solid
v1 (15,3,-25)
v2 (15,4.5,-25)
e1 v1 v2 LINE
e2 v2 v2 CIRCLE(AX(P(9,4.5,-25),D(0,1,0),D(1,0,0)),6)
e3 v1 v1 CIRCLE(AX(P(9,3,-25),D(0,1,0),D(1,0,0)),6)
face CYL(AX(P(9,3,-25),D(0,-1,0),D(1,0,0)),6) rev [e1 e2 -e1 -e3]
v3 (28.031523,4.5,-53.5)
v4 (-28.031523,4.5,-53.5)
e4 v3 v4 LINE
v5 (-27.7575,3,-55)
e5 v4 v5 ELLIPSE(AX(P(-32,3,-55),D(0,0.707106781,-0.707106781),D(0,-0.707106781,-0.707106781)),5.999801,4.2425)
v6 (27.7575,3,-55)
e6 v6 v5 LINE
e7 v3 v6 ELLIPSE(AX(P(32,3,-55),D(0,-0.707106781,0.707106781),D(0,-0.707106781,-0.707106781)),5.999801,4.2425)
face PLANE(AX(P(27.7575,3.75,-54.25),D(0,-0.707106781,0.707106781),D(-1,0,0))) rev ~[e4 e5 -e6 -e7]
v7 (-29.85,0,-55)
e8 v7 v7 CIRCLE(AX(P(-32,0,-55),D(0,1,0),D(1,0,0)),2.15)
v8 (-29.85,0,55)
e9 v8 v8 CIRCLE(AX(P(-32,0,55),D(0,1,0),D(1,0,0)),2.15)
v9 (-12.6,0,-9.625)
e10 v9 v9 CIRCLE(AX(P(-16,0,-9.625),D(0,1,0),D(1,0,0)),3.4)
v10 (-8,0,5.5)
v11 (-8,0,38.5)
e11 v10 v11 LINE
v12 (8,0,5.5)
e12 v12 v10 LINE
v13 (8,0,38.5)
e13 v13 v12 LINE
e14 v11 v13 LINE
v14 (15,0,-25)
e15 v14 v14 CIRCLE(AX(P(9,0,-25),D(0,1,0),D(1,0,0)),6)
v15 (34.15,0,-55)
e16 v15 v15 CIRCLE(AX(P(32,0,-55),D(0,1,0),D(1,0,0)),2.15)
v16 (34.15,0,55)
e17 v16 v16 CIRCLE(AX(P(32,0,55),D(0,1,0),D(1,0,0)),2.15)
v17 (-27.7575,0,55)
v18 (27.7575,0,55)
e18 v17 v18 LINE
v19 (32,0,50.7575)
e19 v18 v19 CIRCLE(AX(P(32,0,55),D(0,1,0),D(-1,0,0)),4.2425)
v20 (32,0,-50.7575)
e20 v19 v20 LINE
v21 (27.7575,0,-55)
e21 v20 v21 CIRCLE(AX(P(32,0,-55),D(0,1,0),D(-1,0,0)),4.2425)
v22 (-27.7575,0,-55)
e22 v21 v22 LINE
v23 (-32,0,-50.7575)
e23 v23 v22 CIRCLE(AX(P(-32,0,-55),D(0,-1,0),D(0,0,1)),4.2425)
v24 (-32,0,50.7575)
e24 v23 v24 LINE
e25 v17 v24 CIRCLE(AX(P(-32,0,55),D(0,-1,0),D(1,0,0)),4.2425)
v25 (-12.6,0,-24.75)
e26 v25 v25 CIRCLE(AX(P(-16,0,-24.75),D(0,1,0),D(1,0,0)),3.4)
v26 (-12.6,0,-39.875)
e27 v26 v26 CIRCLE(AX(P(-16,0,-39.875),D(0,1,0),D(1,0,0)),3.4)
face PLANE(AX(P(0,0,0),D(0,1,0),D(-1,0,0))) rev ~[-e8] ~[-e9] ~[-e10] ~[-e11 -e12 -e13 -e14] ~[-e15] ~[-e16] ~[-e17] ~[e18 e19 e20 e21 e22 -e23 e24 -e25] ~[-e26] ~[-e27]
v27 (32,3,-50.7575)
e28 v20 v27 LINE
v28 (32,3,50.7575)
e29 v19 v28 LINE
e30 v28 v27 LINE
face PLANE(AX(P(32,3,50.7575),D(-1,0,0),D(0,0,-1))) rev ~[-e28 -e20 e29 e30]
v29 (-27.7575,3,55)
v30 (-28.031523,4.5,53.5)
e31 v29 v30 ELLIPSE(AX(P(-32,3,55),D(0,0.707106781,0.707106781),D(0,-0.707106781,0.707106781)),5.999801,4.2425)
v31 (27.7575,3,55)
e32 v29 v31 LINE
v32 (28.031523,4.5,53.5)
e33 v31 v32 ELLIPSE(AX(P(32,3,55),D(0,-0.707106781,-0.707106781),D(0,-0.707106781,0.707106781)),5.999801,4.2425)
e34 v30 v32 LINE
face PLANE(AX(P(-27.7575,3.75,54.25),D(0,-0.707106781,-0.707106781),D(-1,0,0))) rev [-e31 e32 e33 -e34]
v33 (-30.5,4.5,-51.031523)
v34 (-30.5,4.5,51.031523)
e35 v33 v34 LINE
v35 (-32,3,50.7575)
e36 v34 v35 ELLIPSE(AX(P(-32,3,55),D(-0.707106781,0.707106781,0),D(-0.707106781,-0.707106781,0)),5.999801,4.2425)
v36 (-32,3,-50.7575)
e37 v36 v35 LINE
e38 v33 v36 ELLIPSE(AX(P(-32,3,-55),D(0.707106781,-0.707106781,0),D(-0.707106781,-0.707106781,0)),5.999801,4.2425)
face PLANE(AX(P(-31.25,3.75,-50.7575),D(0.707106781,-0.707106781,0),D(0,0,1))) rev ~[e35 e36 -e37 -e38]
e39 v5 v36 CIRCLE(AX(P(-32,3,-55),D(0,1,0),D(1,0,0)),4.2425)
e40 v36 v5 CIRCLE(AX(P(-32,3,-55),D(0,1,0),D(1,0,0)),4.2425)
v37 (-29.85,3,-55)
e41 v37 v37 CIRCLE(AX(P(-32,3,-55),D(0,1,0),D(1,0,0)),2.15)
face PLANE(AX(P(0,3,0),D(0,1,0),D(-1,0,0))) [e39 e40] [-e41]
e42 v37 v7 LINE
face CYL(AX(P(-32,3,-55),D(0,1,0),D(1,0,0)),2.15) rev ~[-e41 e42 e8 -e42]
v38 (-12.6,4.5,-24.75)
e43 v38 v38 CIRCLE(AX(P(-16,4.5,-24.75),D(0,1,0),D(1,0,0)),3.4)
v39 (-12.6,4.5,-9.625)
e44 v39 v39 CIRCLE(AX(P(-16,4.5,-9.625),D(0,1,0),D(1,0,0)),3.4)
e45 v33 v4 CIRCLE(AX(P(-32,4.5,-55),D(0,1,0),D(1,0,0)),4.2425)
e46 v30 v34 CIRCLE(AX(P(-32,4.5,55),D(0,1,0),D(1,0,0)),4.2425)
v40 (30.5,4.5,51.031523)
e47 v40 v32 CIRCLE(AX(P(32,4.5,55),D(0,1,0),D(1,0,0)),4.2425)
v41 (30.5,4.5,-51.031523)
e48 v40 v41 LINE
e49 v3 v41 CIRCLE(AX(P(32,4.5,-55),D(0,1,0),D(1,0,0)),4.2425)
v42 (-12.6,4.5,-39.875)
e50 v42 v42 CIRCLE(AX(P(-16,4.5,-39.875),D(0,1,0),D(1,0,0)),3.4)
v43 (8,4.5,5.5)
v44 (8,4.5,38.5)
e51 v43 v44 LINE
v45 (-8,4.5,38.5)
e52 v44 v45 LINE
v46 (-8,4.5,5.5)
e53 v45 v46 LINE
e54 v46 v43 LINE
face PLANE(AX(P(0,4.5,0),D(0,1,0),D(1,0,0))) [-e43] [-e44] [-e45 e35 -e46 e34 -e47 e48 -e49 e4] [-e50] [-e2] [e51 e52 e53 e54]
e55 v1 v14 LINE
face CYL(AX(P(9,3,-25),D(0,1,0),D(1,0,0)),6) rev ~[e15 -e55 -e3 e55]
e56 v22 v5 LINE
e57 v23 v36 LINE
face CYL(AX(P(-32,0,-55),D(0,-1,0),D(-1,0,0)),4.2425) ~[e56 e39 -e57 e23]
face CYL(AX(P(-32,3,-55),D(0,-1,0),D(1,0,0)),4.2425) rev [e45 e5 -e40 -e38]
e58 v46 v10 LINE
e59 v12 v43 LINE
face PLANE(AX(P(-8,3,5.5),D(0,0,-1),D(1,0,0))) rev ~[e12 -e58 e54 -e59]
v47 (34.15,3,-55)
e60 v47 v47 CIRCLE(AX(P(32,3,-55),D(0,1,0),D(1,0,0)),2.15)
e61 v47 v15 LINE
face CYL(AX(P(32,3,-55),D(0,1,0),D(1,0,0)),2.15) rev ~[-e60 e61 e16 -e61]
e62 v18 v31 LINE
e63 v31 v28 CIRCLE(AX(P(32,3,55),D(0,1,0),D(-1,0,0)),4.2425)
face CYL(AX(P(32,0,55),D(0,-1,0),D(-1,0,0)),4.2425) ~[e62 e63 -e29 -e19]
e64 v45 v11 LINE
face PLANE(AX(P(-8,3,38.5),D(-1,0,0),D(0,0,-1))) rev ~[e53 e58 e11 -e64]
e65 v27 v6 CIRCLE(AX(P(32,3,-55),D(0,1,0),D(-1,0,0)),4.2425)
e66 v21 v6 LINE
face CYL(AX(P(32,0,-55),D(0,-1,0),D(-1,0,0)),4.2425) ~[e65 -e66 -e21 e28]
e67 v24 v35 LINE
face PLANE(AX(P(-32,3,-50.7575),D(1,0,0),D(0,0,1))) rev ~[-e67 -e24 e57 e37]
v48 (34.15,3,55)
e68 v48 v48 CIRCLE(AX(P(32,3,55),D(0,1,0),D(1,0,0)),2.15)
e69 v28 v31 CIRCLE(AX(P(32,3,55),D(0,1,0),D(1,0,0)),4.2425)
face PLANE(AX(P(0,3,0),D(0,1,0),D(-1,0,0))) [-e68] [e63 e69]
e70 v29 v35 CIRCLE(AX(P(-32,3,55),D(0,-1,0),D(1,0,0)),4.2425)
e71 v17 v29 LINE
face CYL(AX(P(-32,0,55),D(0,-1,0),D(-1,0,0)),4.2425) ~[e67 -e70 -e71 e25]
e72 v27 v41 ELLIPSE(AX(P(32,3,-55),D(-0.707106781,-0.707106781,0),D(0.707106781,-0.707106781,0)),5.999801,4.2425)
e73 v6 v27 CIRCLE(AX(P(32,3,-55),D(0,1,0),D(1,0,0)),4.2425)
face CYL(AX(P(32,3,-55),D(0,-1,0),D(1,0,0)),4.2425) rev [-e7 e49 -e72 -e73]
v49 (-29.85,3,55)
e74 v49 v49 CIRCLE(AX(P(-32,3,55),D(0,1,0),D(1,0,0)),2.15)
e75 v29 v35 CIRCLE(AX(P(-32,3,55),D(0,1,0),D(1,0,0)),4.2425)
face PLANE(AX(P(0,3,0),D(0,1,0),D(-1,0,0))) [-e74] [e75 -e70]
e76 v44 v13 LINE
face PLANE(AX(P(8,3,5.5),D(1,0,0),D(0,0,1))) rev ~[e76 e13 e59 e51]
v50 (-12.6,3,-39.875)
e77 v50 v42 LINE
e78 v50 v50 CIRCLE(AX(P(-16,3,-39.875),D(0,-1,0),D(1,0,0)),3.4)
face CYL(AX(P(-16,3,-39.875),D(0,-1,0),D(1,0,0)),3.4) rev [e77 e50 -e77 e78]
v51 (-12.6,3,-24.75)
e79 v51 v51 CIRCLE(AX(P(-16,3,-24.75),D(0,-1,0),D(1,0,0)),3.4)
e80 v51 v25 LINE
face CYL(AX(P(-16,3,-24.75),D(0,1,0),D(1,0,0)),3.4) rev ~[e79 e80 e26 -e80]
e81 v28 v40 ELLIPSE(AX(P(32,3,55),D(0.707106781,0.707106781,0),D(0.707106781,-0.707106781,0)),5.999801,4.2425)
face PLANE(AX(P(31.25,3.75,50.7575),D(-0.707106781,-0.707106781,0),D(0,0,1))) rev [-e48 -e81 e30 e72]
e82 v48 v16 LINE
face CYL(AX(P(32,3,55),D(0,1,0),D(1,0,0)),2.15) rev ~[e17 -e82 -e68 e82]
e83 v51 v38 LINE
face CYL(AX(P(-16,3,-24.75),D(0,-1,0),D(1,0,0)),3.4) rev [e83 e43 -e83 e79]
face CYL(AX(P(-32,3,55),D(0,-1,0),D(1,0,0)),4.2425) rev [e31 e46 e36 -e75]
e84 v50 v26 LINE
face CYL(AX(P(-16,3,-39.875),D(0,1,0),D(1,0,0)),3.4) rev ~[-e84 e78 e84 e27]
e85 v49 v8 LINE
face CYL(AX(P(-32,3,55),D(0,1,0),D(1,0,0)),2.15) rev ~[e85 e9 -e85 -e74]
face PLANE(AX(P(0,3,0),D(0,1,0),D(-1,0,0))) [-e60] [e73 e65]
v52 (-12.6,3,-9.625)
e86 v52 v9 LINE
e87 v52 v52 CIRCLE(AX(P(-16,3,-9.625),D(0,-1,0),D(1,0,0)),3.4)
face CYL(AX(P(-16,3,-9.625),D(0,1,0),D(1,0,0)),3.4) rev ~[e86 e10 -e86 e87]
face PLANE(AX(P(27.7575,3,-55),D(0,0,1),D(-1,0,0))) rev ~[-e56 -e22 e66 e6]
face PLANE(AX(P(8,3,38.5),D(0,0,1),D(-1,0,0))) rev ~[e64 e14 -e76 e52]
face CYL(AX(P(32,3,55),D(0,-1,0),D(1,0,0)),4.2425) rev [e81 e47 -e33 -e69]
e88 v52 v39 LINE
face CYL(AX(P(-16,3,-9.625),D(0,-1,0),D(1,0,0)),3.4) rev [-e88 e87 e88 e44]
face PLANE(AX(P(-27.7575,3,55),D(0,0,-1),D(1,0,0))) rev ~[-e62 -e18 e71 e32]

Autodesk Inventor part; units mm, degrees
ref_plane "YZ Plane" through (0, 0, 0) normal (1, 0, 0) x (0, 1, 0)
ref_plane "XZ Plane" through (0, 0, 0) normal (0, 1, 0) x (-1, 0, 0)
ref_plane "XY Plane" through (0, 0, 0) normal (0, 0, 1) x (1, 0, 0)
sketch "Sketch1" plane through (0, 0, 0) normal (0, 1, 0) x (-1, 0, 0)
  line L0 (32, 55) -> (-32, 55)
  line L1 (-32, 55) -> (-32, -55)
  line L2 (-32, -55) -> (32, -55)
  line L3 (32, -55) -> (32, 55)
  line L4 (32, 55) -> (-32, -55) construction
  line L5 (-32, 55) -> (32, -55) construction
  circle A0 centre (32, 55) radius 4.2425
  circle A1 centre (32, -55) radius 4.2425
  circle A2 centre (-32, 55) radius 4.2425
  circle A3 centre (-32, -55) radius 4.2425
  point P0 (0, 0)
  dimension "d0" = 64
  dimension "d1" = 110
  dimension "d2" = 8.485
  dimension "d5" = 110
  dimension "d8" = 64
extrude "Extrusion1" add sketch "Sketch1" along normal blind 3
sketch "Sketch2" plane through (0, 3, 0) normal (0, 1, 0) x (1, 0, 0)
  line L0 (32, -50.7575) -> (32, 50.7575) projected
  arc A0 (32, 50.7575) -> (27.7575, 55) centre (32, 55) ccw projected
  line L1 (27.7575, 55) -> (-27.7575, 55) projected
  arc A1 (-27.7575, 55) -> (-32, 50.7575) centre (-32, 55) ccw projected
  line L2 (-32, 50.7575) -> (-32, -50.7575) projected
  arc A2 (-32, -50.7575) -> (-27.7575, -55) centre (-32, -55) ccw projected
  line L3 (-27.7575, -55) -> (27.7575, -55) projected
  arc A3 (27.7575, -55) -> (32, -50.7575) centre (32, -55) ccw projected
  circle A4 centre (-32, -55) radius 2.15
  circle A5 centre (-32, 55) radius 2.15
  circle A6 centre (32, -55) radius 2.15
  circle A7 centre (32, 55) radius 2.15
  point P0 (0, 0)
  dimension "d13" = 4.3
  dimension "d16" = 110
  dimension "d19" = 64
extrude "Extrusion2" cut sketch "Sketch2" against normal blind 3 contours A4 | A5 | A6 | A7
sketch "Sketch3" plane through (0, 3, 0) normal (0, 1, 0) x (1, 0, 0)
  line L0 (-8, -38.5) -> (8, -38.5)
  line L1 (8, -38.5) -> (8, -5.5)
  line L2 (8, -5.5) -> (-8, -5.5)
  line L3 (-8, -5.5) -> (-8, -38.5)
  line L4 (-32, 50.7575) -> (-32, -50.7575) projected
  line L5 (32, -50.7575) -> (32, 50.7575) projected
  line L6 (-27.7575, -55) -> (27.7575, -55) projected
  point P0 (0, 0)
  dimension "d24" = 16
  dimension "d25" = 33
  dimension "d26" = 24
  dimension "d27" = 24
  dimension "d28" = 16.5
extrude "Extrusion3" cut sketch "Sketch3" against normal blind 3
sketch "Sketch4" plane through (0, 3, 0) normal (0, 1, 0) x (1, 0, 0)
  circle A0 centre (-16, 9.625) radius 3.4
  line L0 (0, 82.9395) -> (0, -82.9395) projected
  circle A1 centre (-16, 24.75) radius 3.4
  circle A2 centre (-16, 39.875) radius 3.4
  line L1 (27.7575, 55) -> (-27.7575, 55) projected
  line L2 (-8, -5.5) -> (8, -5.5) projected
  line L3 (-16, 0) -> (-16, 55)
  circle A3 centre (9, 25) radius 6
  line L4 (32, -50.7575) -> (32, 50.7575) projected
  point P0 (0, 0)
  dimension "d31" = 6.8
  dimension "d32" = 6.8
  dimension "d33" = 6.8
  dimension "d34" = 15.125
  dimension "d35" = 15.125
  dimension "d36" = 15.125
  dimension "d37" = 15.125
  dimension "d53" = 16
  dimension "d54" = 55
  dimension "d55" = 12
  dimension "d56" = 23
  dimension "d64" = 30
extrude "Extrusion4" cut sketch "Sketch4" against normal blind 6
sketch "Sketch5" plane through (0, 3, 0) normal (0, 1, 0) x (1, 0, 0)
  circle A0 centre (-16, 24.75) radius 3.4 projected
  circle A1 centre (-16, 9.625) radius 3.4 projected
  circle A2 centre (-16, 39.875) radius 3.4 projected
  line L0 (8, -5.5) -> (8, -38.5) projected
  line L1 (8, -38.5) -> (-8, -38.5) projected
  line L2 (-8, -38.5) -> (-8, -5.5) projected
  line L3 (-8, -5.5) -> (8, -5.5) projected
  circle A3 centre (32, -55) radius 2.15 projected
  circle A4 centre (-32, -55) radius 2.15 projected
  circle A5 centre (-32, 55) radius 2.15 projected
  circle A6 centre (32, 55) radius 2.15 projected
  line L4 (32, -50.7575) -> (32, 50.7575) projected
  arc A7 (32, 50.7575) -> (27.7575, 55) centre (32, 55) ccw projected
  line L5 (27.7575, 55) -> (-27.7575, 55) projected
  arc A8 (-27.7575, 55) -> (-32, 50.7575) centre (-32, 55) ccw projected
  line L6 (-32, 50.7575) -> (-32, -50.7575) projected
  arc A9 (-32, -50.7575) -> (-27.7575, -55) centre (-32, -55) ccw projected
  line L7 (-27.7575, -55) -> (27.7575, -55) projected
  arc A10 (27.7575, -55) -> (32, -50.7575) centre (32, -55) ccw projected
  circle A11 centre (-32, -55) radius 2.15 projected
  circle A12 centre (-32, -55) radius 4.2425
  circle A13 centre (-32, 55) radius 4.2425
  circle A14 centre (32, -55) radius 4.2425
  circle A15 centre (32, 55) radius 4.2425
  line L8 (-32, -50.7575) -> (-32, 50.7575)
  line L9 (-27.7575, 55) -> (27.7575, 55)
  line L10 (32, -50.7575) -> (32, 50.7575) projected
  line L11 (32, 50.7575) -> (32, -50.7575)
  line L12 (-27.7575, -55) -> (27.7575, -55) projected
  line L13 (27.7575, -55) -> (-27.7575, -55)
  circle A16 centre (-16, 39.875) radius 3.4 projected
  circle A17 centre (-16, 9.625) radius 3.4 projected
  circle A18 centre (-16, 24.75) radius 3.4 projected
  circle A19 centre (9, 25) radius 6 projected
  line L14 (8, -38.5) -> (8, -5.5) projected
  line L15 (8, -5.5) -> (-8, -5.5) projected
  line L16 (-8, -5.5) -> (-8, -38.5) projected
  line L17 (-8, -38.5) -> (8, -38.5) projected
  circle A20 centre (32, -55) radius 2.15 projected
  circle A21 centre (-32, -55) radius 2.15 projected
  circle A22 centre (-32, 55) radius 2.15 projected
  circle A23 centre (32, 55) radius 2.15 projected
  line L18 (-27.7575, -55) -> (27.7575, -55) projected
  arc A24 (-32, -50.7575) -> (-27.7575, -55) centre (-32, -55) ccw projected
  line L19 (-32, 50.7575) -> (-32, -50.7575) projected
  arc A25 (-27.7575, 55) -> (-32, 50.7575) centre (-32, 55) ccw projected
  line L20 (27.7575, 55) -> (-27.7575, 55) projected
  arc A26 (32, 50.7575) -> (27.7575, 55) centre (32, 55) ccw projected
  line L21 (32, -50.7575) -> (32, 50.7575) projected
  arc A27 (27.7575, -55) -> (32, -50.7575) centre (32, -55) ccw projected
  circle A28 centre (9, 25) radius 6
  point P0 (0, 0)
  dimension "d42" = 110
  dimension "d45" = 64
extrude "Extrusion6" add sketch "Sketch5" along normal blind 1.5 contours A14 L7 A12 L6 A13 L5 A15 L4
chamfer "Chamfer2" distance 1.5 angle 45 4 edges at (-32, 4.5, 0) (0, 4.5, 55) (32, 4.5, 0) (0, 4.5, -55)
equation "\"d26\" = d27"
equation "\"d32\" = d31"
equation "\"d33\" = d31"
equation "\"d34\" = d37"
equation "\"d35\" = d34"
equation "\"d36\" = d34"
properties part number "gora"
